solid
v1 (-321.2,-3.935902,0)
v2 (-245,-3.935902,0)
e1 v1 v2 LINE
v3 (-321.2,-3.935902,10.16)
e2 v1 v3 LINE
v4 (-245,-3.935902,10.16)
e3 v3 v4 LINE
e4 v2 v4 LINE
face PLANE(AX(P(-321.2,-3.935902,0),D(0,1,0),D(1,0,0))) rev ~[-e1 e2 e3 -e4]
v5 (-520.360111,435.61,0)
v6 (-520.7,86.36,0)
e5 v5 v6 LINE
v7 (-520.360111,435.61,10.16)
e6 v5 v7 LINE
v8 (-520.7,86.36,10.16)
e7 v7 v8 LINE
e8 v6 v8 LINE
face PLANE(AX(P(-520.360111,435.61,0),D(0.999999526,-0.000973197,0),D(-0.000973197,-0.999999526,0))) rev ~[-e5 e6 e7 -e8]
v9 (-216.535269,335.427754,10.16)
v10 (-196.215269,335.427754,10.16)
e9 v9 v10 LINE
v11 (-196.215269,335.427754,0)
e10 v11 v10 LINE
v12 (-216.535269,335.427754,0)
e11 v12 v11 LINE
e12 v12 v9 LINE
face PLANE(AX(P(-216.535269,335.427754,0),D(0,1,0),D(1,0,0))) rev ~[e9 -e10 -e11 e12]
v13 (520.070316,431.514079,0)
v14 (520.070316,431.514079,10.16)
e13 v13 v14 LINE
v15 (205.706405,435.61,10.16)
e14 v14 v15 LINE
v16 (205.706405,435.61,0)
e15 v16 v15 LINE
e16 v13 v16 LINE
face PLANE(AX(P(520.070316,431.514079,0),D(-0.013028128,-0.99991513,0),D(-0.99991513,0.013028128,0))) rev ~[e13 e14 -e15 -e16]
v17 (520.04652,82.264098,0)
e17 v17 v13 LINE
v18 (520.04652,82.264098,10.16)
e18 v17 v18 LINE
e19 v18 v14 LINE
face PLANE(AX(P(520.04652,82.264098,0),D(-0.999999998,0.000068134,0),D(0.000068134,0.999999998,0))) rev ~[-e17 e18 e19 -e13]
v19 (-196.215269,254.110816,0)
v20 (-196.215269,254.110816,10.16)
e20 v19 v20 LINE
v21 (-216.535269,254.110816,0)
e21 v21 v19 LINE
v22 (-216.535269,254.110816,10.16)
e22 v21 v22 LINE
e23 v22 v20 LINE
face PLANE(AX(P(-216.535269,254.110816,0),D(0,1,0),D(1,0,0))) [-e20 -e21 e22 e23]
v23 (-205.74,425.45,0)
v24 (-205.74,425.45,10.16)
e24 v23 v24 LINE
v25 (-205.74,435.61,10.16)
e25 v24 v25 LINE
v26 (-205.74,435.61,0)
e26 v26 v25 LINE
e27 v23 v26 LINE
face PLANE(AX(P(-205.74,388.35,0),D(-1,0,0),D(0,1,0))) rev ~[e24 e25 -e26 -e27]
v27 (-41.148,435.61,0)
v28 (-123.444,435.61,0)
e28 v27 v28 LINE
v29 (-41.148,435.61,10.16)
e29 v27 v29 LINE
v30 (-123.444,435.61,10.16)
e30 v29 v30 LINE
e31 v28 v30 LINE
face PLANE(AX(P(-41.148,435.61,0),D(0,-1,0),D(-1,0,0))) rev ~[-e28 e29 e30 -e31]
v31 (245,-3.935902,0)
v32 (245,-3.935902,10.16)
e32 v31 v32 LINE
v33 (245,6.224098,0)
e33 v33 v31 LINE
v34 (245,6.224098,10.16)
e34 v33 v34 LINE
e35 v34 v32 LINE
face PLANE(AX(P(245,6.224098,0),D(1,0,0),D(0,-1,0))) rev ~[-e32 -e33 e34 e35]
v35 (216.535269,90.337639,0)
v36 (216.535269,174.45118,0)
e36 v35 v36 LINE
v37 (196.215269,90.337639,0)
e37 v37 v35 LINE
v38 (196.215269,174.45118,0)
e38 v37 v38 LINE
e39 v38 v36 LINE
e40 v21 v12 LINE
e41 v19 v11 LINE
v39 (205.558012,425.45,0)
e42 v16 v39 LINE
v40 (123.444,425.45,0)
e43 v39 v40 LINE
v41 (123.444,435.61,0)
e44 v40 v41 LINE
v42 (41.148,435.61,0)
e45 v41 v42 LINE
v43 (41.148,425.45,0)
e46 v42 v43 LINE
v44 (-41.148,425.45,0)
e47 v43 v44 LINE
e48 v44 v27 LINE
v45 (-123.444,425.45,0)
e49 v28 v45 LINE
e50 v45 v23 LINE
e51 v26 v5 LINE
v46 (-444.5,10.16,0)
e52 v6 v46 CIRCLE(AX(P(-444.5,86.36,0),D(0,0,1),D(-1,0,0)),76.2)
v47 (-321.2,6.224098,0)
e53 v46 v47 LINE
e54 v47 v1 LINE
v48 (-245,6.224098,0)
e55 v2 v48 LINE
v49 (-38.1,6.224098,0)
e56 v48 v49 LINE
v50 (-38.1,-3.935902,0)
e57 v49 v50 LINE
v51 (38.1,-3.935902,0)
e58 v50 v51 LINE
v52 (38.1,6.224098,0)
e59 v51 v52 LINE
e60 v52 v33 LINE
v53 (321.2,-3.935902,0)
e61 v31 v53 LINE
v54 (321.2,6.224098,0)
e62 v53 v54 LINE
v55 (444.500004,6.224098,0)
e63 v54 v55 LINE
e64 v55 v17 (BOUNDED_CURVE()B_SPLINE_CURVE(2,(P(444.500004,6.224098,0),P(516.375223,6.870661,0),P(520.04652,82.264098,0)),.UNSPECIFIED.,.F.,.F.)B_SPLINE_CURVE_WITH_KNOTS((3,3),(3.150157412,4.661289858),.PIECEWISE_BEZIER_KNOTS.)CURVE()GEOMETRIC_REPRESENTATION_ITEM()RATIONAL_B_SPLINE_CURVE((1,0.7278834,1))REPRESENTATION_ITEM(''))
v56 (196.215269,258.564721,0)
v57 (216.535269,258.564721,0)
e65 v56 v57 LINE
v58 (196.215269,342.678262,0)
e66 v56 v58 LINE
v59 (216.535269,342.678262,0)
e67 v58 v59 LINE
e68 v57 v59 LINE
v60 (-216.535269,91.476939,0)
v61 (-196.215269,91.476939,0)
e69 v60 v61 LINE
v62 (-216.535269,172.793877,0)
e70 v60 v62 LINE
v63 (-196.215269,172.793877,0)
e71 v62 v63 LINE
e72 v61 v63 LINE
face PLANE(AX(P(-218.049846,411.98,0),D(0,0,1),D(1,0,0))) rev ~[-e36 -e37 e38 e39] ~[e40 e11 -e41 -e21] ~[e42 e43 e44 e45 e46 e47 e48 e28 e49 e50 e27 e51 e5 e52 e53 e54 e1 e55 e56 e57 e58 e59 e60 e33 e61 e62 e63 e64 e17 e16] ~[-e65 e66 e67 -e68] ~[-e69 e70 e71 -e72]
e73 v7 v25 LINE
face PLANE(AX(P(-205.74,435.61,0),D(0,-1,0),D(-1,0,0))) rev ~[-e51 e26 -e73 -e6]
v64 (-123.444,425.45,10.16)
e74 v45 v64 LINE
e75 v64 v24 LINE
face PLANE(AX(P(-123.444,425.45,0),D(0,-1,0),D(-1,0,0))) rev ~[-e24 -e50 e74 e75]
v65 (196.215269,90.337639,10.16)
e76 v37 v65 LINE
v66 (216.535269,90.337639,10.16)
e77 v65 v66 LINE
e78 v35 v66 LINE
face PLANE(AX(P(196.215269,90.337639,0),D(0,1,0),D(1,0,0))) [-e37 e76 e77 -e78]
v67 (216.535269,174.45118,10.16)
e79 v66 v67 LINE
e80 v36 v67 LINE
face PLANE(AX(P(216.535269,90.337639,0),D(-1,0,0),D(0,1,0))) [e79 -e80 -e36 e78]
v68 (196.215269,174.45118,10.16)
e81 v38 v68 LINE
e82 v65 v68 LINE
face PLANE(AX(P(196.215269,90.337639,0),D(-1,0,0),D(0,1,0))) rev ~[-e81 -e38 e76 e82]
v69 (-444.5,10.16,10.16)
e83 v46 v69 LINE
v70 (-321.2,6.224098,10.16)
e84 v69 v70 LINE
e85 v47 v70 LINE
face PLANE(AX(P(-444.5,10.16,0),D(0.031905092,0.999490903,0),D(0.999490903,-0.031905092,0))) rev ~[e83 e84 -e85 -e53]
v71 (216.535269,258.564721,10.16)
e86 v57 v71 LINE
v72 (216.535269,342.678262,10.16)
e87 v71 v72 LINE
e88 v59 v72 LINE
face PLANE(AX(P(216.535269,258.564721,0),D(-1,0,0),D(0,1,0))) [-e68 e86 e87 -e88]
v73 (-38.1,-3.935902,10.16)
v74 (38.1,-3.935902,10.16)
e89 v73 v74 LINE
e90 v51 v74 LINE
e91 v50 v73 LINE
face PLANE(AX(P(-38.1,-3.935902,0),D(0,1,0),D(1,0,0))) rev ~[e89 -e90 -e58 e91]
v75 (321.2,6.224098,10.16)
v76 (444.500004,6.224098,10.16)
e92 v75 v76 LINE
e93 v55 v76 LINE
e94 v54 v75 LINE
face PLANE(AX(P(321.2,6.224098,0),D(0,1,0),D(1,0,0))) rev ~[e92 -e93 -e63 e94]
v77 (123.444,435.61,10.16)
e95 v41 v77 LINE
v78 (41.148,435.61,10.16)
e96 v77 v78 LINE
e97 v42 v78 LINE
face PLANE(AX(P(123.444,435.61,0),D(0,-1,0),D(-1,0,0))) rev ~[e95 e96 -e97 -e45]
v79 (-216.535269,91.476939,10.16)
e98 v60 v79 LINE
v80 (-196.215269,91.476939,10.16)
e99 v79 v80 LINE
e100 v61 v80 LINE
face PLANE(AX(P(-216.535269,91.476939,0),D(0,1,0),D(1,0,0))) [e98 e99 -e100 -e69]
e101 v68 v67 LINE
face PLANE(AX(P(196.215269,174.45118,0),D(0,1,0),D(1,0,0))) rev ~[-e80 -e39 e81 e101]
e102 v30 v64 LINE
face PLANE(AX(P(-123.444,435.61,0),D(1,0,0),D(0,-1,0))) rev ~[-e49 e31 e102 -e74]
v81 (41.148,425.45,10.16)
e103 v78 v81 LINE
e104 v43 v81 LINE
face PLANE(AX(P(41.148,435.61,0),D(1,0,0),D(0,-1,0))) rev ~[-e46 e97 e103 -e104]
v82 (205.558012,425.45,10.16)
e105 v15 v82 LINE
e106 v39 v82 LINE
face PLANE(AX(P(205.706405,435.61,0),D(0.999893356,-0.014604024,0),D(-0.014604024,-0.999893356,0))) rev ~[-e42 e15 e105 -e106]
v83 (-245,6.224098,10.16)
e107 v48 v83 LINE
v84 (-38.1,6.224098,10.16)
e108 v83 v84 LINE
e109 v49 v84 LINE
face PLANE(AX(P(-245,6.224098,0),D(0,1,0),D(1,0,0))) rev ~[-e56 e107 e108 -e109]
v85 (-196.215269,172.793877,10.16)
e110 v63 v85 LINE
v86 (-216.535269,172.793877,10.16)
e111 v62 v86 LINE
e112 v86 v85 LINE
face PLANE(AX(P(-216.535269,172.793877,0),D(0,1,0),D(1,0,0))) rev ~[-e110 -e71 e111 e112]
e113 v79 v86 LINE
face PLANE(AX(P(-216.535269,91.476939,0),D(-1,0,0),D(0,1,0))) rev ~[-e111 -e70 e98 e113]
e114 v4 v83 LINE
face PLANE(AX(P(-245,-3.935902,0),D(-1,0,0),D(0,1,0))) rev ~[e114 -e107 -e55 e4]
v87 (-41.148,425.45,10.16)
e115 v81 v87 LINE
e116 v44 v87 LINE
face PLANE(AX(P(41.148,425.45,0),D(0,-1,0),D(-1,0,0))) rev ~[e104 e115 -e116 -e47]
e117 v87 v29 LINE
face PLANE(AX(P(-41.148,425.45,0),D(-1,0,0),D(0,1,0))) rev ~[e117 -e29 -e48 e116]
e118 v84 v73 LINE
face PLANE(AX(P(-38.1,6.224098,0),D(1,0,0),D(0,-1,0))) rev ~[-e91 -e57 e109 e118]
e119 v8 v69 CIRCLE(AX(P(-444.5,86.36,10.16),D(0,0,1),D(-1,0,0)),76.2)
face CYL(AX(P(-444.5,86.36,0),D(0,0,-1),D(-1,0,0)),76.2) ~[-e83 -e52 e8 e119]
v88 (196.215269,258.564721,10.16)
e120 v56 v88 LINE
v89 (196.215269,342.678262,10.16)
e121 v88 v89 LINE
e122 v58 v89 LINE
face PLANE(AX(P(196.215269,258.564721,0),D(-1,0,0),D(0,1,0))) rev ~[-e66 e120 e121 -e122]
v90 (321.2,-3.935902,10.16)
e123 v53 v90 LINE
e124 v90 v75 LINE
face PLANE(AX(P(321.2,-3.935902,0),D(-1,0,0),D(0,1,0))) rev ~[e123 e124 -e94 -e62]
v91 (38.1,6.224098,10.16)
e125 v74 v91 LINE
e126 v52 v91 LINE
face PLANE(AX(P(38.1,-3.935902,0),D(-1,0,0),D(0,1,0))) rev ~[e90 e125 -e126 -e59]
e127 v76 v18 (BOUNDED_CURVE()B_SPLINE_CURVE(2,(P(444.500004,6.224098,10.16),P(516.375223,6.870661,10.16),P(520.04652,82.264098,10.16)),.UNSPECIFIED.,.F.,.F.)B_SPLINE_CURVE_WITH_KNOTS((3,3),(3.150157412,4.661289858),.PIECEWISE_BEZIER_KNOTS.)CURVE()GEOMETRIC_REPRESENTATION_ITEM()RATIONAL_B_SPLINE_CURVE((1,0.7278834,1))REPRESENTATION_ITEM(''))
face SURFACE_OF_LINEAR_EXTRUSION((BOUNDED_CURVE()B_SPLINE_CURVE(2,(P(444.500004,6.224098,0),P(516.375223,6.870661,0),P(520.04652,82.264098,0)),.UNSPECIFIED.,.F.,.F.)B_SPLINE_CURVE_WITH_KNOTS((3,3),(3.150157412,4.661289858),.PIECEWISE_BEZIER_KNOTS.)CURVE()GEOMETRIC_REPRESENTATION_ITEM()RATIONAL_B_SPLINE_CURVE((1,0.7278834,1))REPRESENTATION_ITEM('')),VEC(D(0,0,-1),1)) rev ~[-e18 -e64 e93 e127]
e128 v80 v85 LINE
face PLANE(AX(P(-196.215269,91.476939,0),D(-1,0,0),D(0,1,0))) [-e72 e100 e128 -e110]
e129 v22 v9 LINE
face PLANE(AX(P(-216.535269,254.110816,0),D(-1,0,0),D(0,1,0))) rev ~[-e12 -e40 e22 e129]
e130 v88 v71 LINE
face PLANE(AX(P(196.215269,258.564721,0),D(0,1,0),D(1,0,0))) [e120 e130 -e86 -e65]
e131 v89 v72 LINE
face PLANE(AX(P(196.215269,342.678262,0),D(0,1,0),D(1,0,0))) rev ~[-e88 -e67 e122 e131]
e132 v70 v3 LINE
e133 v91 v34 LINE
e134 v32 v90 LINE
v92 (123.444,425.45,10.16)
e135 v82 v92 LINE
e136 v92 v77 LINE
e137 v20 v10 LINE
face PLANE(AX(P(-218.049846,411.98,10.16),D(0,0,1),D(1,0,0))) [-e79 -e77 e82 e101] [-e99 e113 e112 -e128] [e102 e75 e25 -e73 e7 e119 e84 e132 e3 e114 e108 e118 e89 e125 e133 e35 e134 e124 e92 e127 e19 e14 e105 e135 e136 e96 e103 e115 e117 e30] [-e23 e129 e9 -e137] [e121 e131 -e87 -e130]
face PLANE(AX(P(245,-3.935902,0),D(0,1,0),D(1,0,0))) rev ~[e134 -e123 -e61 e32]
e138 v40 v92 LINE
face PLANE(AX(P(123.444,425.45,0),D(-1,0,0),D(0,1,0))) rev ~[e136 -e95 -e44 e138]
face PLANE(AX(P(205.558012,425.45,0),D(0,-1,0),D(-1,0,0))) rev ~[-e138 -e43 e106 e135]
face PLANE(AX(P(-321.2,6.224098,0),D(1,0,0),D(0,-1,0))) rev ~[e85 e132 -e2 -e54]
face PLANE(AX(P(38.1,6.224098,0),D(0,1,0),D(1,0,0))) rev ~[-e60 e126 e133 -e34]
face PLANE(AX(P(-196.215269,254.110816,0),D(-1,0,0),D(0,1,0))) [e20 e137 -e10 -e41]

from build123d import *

# Parameters (mm, degrees)
SKETCH1_W           = 20.32
SKETCH1_H           = 81.316938585
SKETCH1_H_2         = 84.113540858
BOSS_EXTRUDE1_DEPTH = 10.16


with BuildPart() as part:
    # Sketch1 → Boss-Extrude1 (new body)
    # profile 1 of 2: a face of its own
    with BuildSketch(Plane.XY):
        with BuildLine():
            ThreePointArc((-520.699999986, 86.36), (-498.381536717, 32.478463279), (-444.5, 10.16))
            Line((-444.5, 10.16), (-321.2, 6.224098454))
            Line((-321.2, 6.224098454), (-321.2, -3.935901546))
            Line((-321.2, -3.935901546), (-245, -3.935901546))
            Line((-245, -3.935901546), (-245, 6.224098454))
            Line((-245, 6.224098454), (-38.1, 6.224098454))
            Line((-38.1, 6.224098454), (-38.1, -3.935901546))
            Line((-38.1, -3.935901546), (38.1, -3.935901546))
            Line((38.1, -3.935901546), (38.1, 6.224098454))
            Line((38.1, 6.224098454), (245, 6.224098454))
            Line((245, 6.224098454), (245, -3.935901546))
            Line((245, -3.935901546), (321.2, -3.935901546))
            Line((321.2, -3.935901546), (321.2, 6.224098454))
            Line((321.2, 6.224098454), (444.500003861, 6.224098454))
            add(Edge.make_bspline(
                [(444.500003861, 6.224098454), (516.375223264, 6.870661069), (520.046520409, 82.264098454)],
                knots=[3.150157412, 3.150157412, 3.150157412, 4.661289858, 4.661289858, 4.661289858], degree=2, weights=[1, 0.7278834, 1]))
            Line((520.046520409, 82.264098454), (520.070316171, 431.514078957))
            Line((520.070316171, 431.514078957), (205.706405146, 435.61))
            Line((205.706405146, 435.61), (205.558012439, 425.45))
            Line((205.558012439, 425.45), (123.444, 425.45))
            Line((123.444, 425.45), (123.444, 435.61))
            Line((123.444, 435.61), (41.148, 435.61))
            Line((41.148, 435.61), (41.148, 425.45))
            Line((41.148, 425.45), (-41.148, 425.45))
            Line((-41.148, 425.45), (-41.148, 435.61))
            Line((-41.148, 435.61), (-123.444, 435.61))
            Line((-123.444, 435.61), (-123.444, 425.45))
            Line((-123.444, 425.45), (-205.739999986, 425.45))
            Line((-205.739999986, 425.45), (-205.739999986, 388.35))
            Line((-205.739999986, 388.35), (-230.359692704, 388.35))
            Line((-230.359692704, 388.35), (-230.359692704, 435.61))
            Line((-230.359692704, 435.61), (-520.3601107, 435.61))
            Line((-520.3601107, 435.61), (-520.699999986, 86.36))
        make_face()
        with Locations((-206.375268781, 132.135407878)):
            Rectangle(SKETCH1_W, SKETCH1_H, mode=Mode.SUBTRACT)
        with Locations((206.375268781, 132.394409741)):
            Rectangle(SKETCH1_W, SKETCH1_H_2, mode=Mode.SUBTRACT)
        with Locations((-206.375268781, 294.769285048)):
            Rectangle(SKETCH1_W, SKETCH1_H, mode=Mode.SUBTRACT)
        with Locations((206.375268781, 300.621491457)):
            Rectangle(SKETCH1_W, SKETCH1_H_2, mode=Mode.SUBTRACT)
    # profile 2 of 2: a face of its own
    with BuildSketch(Plane.XY):
        Polygon((-205.739999986, 435.61), (-230.359692704, 435.61), (-230.359692704, 388.35), (-205.739999986, 388.35), (-205.739999986, 425.45), align=None)
    extrude(amount=BOSS_EXTRUDE1_DEPTH)


solid = part.part
